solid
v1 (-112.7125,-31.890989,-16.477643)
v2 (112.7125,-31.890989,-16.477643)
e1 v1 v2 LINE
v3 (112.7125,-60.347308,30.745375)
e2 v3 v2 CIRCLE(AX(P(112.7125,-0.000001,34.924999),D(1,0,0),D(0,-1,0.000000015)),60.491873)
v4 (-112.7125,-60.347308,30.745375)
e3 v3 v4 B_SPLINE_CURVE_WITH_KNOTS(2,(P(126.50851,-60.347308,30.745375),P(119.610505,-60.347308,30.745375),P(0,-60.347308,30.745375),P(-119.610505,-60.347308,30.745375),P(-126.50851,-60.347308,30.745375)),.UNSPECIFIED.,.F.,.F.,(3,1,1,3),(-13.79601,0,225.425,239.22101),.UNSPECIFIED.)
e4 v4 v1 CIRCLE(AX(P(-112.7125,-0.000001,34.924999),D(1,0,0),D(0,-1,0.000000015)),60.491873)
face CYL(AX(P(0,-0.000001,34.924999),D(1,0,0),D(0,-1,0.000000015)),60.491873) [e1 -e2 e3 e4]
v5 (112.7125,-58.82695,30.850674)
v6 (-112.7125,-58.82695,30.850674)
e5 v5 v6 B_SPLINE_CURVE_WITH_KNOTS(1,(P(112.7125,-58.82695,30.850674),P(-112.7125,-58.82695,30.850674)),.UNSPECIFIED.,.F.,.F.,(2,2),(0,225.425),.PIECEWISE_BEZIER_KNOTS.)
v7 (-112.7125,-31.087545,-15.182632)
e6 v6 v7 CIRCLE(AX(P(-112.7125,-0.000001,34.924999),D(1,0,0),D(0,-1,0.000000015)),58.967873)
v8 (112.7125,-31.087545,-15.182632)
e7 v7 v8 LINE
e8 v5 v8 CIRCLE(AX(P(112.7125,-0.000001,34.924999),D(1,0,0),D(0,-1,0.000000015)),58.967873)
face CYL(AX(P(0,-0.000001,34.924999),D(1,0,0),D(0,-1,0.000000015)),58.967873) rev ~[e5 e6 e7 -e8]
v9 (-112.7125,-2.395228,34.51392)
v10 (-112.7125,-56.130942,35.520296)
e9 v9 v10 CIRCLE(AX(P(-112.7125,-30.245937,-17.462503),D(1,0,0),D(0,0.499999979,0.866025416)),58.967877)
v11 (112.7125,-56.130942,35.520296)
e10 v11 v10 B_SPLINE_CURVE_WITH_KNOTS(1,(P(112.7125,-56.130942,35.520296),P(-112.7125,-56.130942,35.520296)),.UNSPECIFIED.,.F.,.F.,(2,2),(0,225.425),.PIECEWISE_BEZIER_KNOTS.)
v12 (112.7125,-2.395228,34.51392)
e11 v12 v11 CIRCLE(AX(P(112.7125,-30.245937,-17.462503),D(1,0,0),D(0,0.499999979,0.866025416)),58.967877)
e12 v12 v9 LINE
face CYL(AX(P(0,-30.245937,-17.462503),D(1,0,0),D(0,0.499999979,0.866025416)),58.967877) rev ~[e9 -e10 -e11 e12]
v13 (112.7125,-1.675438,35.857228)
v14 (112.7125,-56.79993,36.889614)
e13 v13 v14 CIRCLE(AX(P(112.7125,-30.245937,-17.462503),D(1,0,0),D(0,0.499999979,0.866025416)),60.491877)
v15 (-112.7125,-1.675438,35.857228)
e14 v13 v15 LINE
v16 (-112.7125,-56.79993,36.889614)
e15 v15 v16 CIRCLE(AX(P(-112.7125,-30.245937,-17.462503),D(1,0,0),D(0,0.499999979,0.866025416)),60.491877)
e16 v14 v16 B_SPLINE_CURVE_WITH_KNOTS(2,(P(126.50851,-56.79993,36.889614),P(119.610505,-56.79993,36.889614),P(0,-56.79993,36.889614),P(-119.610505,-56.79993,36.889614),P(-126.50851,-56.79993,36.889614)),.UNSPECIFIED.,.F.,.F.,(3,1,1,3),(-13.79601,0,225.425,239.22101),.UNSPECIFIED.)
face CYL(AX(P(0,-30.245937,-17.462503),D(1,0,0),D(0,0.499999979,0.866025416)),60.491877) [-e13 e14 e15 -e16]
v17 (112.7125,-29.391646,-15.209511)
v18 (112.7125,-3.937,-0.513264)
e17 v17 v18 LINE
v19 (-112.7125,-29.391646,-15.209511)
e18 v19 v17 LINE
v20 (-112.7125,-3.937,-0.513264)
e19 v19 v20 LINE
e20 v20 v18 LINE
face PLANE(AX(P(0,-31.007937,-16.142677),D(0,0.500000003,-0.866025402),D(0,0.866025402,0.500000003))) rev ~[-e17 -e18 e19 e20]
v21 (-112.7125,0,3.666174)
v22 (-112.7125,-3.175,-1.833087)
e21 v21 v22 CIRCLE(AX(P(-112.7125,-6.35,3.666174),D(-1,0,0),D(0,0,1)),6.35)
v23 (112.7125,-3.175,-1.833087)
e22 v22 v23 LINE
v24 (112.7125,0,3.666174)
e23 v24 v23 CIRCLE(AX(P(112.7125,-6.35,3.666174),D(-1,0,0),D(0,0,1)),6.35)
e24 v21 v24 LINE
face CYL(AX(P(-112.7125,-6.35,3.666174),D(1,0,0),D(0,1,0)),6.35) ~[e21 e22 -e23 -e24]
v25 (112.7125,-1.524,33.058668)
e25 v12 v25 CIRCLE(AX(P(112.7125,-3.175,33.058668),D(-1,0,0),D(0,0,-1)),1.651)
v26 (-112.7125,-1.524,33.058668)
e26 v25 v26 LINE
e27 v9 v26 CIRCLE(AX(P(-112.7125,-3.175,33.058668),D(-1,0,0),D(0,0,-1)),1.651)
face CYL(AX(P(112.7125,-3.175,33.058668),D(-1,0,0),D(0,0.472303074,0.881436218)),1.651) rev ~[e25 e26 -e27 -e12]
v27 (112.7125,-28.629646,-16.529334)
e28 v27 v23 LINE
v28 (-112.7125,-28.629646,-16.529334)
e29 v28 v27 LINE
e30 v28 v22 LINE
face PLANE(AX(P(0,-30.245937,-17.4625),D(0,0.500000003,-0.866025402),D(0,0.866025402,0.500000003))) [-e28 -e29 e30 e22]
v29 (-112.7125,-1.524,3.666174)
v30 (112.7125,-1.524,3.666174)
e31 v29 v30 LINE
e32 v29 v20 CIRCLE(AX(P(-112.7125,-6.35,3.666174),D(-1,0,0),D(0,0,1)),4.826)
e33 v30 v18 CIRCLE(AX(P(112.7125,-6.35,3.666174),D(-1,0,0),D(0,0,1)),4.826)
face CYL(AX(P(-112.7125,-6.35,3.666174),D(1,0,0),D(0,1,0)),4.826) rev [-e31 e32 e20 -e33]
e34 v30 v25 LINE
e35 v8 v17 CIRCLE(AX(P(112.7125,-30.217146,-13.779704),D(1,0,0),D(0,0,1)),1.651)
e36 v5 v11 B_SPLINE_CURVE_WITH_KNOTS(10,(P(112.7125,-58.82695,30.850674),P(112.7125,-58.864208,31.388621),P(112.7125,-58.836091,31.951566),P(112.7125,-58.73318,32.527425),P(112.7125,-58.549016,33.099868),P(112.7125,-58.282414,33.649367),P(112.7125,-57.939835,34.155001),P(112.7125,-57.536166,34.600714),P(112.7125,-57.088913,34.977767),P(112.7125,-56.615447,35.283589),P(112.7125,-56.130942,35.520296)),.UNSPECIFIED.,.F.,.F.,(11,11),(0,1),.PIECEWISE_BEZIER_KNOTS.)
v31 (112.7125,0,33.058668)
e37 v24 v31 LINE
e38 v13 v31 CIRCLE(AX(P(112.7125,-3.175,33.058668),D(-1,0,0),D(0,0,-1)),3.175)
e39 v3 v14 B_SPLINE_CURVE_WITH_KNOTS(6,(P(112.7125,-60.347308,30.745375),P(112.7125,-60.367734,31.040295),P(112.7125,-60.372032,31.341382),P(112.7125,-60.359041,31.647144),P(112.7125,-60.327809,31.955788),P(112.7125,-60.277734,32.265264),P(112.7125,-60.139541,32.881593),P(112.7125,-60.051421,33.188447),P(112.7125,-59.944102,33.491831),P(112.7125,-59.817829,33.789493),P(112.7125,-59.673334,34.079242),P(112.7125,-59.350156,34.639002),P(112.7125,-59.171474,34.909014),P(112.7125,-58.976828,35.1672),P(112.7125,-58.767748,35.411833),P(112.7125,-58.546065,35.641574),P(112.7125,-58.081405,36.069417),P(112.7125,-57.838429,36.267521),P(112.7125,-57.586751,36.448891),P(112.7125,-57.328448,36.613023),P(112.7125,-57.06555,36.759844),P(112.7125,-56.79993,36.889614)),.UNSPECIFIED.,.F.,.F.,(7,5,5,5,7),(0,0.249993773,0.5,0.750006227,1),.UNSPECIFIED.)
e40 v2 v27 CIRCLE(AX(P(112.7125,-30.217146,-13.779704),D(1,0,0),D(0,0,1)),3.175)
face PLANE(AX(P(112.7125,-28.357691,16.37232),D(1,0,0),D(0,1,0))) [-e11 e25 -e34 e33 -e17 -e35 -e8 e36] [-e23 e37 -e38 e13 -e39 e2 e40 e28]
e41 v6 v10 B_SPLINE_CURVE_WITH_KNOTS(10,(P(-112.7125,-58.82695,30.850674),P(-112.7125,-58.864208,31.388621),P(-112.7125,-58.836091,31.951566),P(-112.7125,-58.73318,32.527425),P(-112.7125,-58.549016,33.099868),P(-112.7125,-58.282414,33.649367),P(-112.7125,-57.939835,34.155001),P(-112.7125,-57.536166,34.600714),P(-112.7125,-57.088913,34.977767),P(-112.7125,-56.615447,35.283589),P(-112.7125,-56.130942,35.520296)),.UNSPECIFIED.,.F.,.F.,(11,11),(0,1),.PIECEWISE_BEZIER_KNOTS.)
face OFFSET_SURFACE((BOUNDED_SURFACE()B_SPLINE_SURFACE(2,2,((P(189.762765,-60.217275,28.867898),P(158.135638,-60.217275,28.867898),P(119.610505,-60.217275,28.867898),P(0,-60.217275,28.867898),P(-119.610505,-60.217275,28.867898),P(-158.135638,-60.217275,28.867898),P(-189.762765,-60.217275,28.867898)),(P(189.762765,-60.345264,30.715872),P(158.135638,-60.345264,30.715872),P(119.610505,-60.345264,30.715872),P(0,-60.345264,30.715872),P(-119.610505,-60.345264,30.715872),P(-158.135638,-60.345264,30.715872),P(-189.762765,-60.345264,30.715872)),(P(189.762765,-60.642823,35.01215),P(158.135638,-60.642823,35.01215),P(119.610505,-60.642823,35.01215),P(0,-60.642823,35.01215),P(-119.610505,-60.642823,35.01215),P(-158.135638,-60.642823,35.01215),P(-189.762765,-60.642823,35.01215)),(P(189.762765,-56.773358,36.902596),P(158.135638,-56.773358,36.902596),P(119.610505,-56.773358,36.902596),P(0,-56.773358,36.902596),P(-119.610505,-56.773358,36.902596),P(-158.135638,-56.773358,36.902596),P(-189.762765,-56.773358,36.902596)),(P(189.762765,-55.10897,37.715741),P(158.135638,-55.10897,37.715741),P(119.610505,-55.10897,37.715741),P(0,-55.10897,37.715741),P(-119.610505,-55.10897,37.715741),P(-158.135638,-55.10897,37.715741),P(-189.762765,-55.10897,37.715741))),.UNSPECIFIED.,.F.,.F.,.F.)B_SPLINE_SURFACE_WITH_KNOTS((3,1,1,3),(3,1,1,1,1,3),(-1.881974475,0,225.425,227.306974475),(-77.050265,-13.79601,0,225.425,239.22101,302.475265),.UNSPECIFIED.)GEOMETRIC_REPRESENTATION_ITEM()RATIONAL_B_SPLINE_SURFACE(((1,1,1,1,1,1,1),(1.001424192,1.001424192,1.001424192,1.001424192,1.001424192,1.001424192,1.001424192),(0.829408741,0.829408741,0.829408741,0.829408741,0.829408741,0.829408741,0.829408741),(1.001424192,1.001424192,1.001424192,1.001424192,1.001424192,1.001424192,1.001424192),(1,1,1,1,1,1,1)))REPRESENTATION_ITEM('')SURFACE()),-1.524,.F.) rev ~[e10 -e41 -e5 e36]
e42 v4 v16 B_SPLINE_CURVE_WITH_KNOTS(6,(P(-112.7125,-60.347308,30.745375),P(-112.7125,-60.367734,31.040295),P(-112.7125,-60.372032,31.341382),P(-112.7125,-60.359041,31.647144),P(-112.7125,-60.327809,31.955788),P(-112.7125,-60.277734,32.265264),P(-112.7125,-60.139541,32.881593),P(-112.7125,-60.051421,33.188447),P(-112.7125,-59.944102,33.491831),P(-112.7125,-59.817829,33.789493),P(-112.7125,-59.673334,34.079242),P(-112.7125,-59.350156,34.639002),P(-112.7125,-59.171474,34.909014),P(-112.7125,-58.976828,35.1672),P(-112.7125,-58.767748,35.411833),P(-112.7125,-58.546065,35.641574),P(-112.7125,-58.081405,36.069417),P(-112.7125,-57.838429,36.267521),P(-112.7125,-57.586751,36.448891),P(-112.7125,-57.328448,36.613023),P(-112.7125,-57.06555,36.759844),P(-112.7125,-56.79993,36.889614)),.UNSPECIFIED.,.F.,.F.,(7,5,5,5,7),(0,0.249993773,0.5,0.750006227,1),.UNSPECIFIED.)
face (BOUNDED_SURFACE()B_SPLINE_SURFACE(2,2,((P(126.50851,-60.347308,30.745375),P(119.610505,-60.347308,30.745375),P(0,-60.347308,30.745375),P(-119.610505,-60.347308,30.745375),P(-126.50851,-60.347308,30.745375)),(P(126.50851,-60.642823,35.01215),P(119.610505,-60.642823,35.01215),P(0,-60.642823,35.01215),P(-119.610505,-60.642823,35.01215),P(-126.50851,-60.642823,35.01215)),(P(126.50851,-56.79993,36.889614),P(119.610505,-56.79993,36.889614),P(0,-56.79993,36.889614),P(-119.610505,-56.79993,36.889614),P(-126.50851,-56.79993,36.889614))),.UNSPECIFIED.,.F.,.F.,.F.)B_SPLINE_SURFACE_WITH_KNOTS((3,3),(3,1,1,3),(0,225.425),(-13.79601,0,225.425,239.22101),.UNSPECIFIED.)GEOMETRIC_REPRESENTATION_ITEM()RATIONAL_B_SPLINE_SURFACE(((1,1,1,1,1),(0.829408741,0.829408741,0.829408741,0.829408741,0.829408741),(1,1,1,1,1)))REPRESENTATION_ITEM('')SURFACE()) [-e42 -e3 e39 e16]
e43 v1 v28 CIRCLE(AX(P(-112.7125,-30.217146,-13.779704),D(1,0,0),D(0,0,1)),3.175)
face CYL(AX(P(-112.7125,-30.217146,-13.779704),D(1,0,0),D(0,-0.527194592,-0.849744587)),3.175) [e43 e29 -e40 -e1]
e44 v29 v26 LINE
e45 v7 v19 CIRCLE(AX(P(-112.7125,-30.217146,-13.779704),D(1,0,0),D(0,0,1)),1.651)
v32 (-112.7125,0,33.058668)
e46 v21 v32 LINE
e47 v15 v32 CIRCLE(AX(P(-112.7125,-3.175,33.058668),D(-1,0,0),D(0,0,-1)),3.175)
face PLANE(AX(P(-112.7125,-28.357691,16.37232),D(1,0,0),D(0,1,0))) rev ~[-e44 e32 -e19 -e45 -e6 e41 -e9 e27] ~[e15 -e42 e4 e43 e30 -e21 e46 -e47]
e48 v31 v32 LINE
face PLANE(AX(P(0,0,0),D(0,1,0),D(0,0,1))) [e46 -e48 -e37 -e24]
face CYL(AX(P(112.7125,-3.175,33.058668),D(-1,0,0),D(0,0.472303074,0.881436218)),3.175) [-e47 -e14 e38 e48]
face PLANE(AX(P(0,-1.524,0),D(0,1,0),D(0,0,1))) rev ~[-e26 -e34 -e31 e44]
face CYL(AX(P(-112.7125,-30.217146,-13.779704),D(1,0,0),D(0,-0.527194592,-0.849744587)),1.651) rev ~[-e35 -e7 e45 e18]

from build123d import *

# Parameters (mm, degrees)
F1_DEPTH = 112.7125
F2_R     = 6.35
F3_R     = 3.175
F4_T     = -1.524


with BuildPart() as f1:
    # F0 (on Right) → F1 (new body, symmetric)
    with BuildSketch(Plane.YZ):
        with BuildLine():
            ThreePointArc((-60.491874, 34.925), (-52.3875, 4.679063), (-30.245937, -17.4625))
            Line((-30.245937, -17.4625), (0, 0))
            Line((0, 0), (0, 34.925))
            ThreePointArc((0, 34.925), (-30.245937, 43.029374), (-60.491874, 34.925))
        make_face()
    extrude(amount=F1_DEPTH, both=True)

    # F2
    f2_edges = [f1.edges().sort_by_distance(p)[0] for p in [
        (0, -60.491874, 34.925),
        (0, 0, 0),
    ]]
    fillet(f2_edges, radius=F2_R)

    # F3
    f3_edges = [f1.edges().sort_by_distance(p)[0] for p in [
        (0, 0, 34.925),
        (0, -30.245937, -17.4625),
    ]]
    fillet(f3_edges, radius=F3_R)

    # F4
    f4_openings = [f1.faces().sort_by_distance(p)[0] for p in [
        (-112.7125, -28.547695, 16.482019),
        (112.7125, -28.547695, 16.482019),
    ]]
    offset(amount=F4_T, openings=f4_openings)


solid = f1.part
